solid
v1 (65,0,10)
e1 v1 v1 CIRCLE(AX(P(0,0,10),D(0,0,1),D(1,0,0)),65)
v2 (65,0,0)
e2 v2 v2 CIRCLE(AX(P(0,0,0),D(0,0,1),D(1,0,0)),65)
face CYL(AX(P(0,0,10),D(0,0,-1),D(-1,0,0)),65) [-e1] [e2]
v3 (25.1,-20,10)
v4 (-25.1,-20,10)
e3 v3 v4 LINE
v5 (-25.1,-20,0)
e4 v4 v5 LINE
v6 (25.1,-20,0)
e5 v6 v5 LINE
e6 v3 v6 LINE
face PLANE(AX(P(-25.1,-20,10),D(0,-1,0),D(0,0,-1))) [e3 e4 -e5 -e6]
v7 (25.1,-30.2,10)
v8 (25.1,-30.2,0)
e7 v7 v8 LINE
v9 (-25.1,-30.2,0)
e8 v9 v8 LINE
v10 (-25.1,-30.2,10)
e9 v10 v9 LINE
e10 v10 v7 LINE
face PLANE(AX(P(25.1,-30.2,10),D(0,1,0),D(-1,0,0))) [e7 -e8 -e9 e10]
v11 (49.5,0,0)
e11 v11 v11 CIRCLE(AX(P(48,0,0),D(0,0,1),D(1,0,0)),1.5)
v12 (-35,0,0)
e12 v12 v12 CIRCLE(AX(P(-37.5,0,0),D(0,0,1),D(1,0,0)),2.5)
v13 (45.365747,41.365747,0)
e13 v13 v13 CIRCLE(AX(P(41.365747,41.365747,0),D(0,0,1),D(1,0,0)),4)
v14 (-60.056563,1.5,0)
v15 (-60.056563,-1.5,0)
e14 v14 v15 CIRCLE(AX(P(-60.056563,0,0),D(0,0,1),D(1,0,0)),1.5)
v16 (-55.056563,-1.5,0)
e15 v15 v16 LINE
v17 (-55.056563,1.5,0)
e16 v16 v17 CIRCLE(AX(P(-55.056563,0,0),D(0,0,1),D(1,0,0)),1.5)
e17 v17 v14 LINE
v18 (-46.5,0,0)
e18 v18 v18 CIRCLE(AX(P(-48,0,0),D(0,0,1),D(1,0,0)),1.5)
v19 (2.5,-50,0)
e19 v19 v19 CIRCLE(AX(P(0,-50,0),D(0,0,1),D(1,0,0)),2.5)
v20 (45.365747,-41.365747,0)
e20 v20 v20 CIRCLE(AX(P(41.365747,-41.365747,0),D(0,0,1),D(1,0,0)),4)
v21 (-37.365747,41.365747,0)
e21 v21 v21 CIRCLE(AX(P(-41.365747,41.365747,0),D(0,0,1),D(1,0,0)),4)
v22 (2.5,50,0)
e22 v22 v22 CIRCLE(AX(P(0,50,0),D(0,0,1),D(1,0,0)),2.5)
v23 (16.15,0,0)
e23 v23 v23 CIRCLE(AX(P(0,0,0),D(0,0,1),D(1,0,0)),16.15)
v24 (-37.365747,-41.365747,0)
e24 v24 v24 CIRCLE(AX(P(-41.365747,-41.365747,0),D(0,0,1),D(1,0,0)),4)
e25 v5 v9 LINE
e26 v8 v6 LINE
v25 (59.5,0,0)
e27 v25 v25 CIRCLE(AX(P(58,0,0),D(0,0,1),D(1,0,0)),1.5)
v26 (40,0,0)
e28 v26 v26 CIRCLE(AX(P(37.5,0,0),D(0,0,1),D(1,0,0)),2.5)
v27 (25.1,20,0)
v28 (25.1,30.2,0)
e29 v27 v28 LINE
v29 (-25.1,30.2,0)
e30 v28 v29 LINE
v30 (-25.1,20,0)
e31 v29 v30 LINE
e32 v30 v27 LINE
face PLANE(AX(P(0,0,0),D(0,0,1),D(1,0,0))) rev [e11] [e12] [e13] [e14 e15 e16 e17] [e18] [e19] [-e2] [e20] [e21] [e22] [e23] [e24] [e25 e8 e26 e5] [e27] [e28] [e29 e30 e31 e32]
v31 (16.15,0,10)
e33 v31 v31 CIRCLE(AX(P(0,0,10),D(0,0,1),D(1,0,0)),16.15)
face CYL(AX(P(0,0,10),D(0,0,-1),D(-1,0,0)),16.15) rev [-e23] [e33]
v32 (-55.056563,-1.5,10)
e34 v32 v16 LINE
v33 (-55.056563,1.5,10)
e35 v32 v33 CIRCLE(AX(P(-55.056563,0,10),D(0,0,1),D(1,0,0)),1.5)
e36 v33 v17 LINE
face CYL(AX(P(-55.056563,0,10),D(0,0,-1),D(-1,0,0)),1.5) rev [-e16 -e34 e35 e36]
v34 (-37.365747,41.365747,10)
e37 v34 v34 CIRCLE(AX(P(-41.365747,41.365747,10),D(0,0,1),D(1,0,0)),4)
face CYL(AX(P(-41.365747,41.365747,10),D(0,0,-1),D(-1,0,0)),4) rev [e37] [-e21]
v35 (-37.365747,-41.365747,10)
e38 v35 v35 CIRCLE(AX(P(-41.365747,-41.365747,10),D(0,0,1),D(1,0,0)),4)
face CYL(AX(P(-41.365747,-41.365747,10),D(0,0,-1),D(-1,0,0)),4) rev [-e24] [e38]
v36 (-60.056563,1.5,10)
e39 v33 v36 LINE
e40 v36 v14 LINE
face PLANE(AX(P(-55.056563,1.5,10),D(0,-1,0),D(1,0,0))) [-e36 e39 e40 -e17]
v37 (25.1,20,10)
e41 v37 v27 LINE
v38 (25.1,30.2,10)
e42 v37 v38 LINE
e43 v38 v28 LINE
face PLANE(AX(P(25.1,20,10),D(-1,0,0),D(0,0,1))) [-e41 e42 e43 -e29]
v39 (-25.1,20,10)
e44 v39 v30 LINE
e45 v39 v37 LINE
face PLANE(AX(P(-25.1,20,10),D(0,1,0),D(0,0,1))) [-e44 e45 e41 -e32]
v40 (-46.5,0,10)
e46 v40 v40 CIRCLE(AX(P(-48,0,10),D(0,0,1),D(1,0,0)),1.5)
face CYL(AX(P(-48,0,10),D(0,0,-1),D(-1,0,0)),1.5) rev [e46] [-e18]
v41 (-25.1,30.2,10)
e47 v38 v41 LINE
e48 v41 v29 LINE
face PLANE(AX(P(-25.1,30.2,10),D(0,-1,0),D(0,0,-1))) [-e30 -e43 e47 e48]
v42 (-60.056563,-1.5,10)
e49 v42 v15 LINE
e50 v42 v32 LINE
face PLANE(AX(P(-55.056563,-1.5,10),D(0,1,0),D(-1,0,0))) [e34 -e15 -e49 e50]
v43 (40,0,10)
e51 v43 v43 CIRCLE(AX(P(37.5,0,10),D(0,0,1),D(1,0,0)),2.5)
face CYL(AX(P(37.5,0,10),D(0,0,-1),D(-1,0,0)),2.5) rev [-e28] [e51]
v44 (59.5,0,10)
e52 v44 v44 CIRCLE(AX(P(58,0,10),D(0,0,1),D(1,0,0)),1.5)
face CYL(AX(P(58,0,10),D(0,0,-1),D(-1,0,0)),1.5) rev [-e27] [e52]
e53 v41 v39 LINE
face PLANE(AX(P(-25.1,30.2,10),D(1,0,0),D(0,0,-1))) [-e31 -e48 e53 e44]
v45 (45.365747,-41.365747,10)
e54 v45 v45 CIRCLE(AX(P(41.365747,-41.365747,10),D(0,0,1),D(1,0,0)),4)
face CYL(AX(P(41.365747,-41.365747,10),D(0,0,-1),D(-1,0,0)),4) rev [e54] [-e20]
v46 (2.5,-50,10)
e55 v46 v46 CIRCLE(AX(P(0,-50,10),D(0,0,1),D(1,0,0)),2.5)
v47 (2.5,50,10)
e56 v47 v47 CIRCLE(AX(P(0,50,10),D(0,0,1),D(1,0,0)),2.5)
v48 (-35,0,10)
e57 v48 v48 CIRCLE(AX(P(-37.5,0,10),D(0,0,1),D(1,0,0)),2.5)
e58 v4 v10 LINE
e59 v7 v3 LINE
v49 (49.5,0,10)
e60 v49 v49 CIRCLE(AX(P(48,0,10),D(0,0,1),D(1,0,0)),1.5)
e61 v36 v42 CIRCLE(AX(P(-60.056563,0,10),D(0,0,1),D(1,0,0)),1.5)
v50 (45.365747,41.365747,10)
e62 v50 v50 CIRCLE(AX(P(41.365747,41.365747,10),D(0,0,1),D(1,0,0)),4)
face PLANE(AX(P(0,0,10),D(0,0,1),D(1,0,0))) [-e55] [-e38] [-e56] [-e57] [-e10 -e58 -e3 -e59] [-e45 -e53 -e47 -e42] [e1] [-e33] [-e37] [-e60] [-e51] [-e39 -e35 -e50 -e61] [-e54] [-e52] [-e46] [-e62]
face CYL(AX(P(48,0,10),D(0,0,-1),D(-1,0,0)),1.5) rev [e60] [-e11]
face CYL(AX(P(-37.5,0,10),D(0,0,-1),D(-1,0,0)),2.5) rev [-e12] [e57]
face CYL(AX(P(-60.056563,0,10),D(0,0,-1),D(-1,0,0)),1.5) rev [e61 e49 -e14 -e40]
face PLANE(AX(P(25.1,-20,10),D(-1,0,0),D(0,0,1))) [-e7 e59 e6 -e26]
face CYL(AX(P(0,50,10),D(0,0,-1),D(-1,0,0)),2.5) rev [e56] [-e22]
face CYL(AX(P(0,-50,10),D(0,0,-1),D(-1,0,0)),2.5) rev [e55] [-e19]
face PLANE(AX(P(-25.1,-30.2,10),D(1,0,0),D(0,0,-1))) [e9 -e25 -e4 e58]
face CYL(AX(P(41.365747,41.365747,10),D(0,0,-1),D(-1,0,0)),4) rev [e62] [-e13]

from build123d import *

# Parameters (mm, degrees)
SKETCH1_R           = 65
SKETCH1_R_2         = 2.5
SKETCH1_R_3         = 16.15
SKETCH1_R_4         = 4
SKETCH1_R_5         = 1.5
SKETCH1_W           = 50.2
SKETCH1_H           = 10.2
BOSS_EXTRUDE1_DEPTH = 10


with BuildPart() as part:
    # Sketch1 → Boss-Extrude1 (new body)
    with BuildSketch(Plane.XY):
        Circle(SKETCH1_R)
        with Locations((-37.5, 0)):
            Circle(SKETCH1_R_2, mode=Mode.SUBTRACT)
        with Locations((37.5, 0)):
            Circle(SKETCH1_R_2, mode=Mode.SUBTRACT)
        with Locations((0, 50)):
            Circle(SKETCH1_R_2, mode=Mode.SUBTRACT)
        with Locations((0, -50)):
            Circle(SKETCH1_R_2, mode=Mode.SUBTRACT)
        Circle(SKETCH1_R_3, mode=Mode.SUBTRACT)
        with Locations((-41.365746699, 41.365746699)):
            Circle(SKETCH1_R_4, mode=Mode.SUBTRACT)
        with Locations((41.365746699, -41.365746699)):
            Circle(SKETCH1_R_4, mode=Mode.SUBTRACT)
        with Locations((41.365746699, 41.365746699)):
            Circle(SKETCH1_R_4, mode=Mode.SUBTRACT)
        with Locations((-41.365746699, -41.365746699)):
            Circle(SKETCH1_R_4, mode=Mode.SUBTRACT)
        with Locations((48, 0)):
            Circle(SKETCH1_R_5, mode=Mode.SUBTRACT)
        with Locations((58, 0)):
            Circle(SKETCH1_R_5, mode=Mode.SUBTRACT)
        with Locations((-48, 0)):
            Circle(SKETCH1_R_5, mode=Mode.SUBTRACT)
        with Locations((0, -25.1)):
            Rectangle(SKETCH1_W, SKETCH1_H, mode=Mode.SUBTRACT)
        with BuildLine():
            Line((-55.056563459, -1.5), (-60.056563459, -1.5))
            ThreePointArc((-60.056563459, -1.5), (-61.556563459, 0), (-60.056563459, 1.5))
            Line((-60.056563459, 1.5), (-55.056563459, 1.5))
            ThreePointArc((-55.056563459, 1.5), (-53.556563459, 0), (-55.056563459, -1.5))
        make_face(mode=Mode.SUBTRACT)
        with Locations((0, 25.1)):
            Rectangle(SKETCH1_W, SKETCH1_H, mode=Mode.SUBTRACT)
    extrude(amount=BOSS_EXTRUDE1_DEPTH)


solid = part.part
